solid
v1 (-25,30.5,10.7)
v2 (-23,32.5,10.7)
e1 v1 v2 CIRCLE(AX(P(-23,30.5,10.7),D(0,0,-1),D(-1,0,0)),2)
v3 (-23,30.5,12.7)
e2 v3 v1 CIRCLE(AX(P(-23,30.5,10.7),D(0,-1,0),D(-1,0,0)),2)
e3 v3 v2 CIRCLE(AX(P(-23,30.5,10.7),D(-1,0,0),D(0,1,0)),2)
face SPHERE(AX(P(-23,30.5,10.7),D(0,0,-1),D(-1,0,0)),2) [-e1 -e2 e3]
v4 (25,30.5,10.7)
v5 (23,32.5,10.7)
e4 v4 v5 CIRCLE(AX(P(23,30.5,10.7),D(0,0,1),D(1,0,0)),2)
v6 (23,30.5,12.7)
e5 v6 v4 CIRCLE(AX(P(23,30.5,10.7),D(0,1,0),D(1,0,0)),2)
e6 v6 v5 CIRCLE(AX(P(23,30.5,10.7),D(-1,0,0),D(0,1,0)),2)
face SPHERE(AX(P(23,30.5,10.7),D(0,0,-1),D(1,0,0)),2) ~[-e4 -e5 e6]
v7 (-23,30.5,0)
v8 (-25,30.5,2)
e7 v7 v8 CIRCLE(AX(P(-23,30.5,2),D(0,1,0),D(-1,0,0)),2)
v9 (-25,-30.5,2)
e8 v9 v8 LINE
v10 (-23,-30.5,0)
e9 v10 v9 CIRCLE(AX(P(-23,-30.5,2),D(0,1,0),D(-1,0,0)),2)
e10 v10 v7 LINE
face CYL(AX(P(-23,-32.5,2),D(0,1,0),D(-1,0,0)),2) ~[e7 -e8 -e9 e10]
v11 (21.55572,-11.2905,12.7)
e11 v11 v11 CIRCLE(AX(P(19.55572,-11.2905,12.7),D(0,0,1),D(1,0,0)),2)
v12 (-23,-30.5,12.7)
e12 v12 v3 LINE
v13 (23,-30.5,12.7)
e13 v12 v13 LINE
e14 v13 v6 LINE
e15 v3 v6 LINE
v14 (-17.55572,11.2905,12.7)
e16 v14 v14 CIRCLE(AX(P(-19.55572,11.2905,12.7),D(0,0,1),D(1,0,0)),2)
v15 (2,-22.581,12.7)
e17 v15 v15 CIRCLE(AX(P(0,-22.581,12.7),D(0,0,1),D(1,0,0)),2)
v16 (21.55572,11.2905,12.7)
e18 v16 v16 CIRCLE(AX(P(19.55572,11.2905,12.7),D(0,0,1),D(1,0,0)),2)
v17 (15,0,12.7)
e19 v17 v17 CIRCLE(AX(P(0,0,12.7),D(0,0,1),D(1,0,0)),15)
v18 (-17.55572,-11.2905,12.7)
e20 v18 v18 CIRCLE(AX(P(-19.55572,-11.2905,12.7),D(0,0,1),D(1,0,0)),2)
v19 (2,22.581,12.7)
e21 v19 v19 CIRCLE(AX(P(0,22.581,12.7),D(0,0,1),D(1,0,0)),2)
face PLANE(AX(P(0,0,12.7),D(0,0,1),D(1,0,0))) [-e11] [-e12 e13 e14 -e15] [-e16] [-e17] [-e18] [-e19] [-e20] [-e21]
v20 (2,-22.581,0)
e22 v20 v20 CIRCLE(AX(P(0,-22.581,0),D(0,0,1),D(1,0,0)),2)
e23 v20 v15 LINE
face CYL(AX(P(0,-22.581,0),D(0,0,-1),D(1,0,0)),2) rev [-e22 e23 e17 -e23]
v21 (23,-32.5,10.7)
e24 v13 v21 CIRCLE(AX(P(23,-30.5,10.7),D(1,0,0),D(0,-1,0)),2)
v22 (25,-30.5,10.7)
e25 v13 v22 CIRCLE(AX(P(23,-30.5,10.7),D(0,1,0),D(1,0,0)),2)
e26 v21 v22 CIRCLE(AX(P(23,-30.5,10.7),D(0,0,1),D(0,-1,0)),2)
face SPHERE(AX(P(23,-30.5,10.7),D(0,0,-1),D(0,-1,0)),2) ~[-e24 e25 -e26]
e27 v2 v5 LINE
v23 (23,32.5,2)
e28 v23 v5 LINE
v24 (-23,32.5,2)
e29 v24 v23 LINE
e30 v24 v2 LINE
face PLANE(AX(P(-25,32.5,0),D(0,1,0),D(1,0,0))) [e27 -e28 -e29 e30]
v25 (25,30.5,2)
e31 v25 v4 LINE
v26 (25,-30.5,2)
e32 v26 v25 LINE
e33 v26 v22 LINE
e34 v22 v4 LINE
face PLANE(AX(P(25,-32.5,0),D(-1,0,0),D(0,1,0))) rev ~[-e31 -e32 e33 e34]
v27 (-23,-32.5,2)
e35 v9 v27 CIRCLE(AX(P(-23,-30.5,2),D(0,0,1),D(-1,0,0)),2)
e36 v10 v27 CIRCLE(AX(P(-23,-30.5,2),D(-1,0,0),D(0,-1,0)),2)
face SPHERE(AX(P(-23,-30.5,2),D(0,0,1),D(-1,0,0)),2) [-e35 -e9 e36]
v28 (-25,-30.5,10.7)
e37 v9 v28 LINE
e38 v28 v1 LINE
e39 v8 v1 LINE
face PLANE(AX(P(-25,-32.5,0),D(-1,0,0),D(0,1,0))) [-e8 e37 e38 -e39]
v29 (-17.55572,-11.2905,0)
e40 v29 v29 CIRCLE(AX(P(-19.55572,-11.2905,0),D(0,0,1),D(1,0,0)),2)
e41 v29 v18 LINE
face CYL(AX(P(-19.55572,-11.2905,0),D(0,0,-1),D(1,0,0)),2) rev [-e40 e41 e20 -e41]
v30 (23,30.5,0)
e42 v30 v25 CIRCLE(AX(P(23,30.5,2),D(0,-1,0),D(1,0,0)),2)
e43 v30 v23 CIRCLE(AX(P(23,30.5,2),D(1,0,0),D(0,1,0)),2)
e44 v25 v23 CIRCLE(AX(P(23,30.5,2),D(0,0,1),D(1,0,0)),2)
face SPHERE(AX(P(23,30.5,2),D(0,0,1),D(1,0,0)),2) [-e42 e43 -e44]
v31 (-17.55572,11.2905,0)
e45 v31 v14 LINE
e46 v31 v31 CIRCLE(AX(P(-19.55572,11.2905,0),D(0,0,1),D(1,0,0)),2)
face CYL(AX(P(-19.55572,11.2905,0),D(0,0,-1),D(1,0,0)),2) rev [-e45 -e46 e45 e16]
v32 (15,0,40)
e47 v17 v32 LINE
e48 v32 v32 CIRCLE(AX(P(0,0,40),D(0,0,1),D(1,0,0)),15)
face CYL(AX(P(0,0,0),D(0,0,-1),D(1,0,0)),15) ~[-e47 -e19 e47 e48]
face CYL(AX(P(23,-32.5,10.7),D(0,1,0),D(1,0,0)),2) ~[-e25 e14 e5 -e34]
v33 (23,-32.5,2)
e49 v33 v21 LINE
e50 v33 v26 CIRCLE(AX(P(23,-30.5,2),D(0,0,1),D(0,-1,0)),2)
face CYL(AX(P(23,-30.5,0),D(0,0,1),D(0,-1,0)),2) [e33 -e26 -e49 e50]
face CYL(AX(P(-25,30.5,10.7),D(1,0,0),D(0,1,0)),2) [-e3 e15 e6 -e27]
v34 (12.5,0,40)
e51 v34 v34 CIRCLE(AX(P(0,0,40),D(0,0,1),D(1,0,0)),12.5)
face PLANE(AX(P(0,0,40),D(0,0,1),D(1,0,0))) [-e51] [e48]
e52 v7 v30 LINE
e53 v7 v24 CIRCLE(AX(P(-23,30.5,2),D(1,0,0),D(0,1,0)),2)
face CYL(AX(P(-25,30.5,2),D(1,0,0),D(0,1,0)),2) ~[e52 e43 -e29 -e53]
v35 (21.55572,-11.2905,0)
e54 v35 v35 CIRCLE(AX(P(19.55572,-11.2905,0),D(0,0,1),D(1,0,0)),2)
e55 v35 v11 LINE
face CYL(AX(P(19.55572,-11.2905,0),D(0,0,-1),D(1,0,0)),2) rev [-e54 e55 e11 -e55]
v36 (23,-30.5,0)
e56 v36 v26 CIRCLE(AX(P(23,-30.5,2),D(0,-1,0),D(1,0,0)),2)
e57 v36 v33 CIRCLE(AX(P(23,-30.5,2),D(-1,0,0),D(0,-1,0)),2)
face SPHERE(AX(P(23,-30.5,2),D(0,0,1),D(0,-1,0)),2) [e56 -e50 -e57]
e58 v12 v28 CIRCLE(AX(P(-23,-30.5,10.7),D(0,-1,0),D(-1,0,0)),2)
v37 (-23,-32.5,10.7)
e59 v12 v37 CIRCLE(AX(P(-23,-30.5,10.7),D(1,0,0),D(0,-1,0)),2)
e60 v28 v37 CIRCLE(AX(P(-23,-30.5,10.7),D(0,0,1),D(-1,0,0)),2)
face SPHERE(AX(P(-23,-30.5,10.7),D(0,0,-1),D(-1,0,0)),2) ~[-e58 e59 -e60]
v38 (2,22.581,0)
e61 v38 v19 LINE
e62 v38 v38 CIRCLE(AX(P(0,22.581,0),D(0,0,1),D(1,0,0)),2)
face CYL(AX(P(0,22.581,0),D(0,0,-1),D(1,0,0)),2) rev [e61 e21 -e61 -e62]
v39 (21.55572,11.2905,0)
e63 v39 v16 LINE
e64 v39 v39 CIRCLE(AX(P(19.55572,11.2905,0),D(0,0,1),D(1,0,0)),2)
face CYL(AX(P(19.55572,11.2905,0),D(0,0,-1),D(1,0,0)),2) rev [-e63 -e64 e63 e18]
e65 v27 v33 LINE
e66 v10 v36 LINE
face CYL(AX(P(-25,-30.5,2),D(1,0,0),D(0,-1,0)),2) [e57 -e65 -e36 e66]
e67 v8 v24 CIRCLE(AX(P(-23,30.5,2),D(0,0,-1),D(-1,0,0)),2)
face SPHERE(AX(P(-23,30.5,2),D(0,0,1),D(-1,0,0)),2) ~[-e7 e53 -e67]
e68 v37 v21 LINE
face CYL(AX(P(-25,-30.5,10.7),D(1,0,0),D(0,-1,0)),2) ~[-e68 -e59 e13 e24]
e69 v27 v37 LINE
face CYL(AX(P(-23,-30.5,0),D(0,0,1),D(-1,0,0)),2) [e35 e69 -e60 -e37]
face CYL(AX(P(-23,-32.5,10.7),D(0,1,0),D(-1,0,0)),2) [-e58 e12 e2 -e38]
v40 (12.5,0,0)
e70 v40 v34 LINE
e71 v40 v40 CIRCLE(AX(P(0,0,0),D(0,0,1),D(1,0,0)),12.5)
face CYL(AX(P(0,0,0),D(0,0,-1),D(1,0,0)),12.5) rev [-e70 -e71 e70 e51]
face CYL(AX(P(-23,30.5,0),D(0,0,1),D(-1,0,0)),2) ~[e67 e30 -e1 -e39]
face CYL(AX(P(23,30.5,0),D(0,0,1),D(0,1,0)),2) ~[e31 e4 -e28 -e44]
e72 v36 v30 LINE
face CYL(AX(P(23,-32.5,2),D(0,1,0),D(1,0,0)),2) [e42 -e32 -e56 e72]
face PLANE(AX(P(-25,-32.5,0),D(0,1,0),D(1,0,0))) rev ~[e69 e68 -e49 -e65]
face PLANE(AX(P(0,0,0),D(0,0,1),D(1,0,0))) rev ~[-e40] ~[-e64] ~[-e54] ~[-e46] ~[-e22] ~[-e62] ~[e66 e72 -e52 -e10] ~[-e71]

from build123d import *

# Parameters (mm, degrees)
F0_W     = 50
F0_H     = 65
F0_R     = 2
F0_R_2   = 15
F1_DEPTH = 12.7
F2_R     = 2
F0_R_3   = 12.5
F3_DEPTH = 40


with BuildPart() as f1:
    # F0 (on Top) → F1 (new body)
    with BuildSketch(Plane.XY):
        Rectangle(F0_W, F0_H)
        with Locations((-19.55572, -11.2905)):
            Circle(F0_R, mode=Mode.SUBTRACT)
        with Locations((0, -22.581)):
            Circle(F0_R, mode=Mode.SUBTRACT)
        with Locations((19.55572, -11.2905)):
            Circle(F0_R, mode=Mode.SUBTRACT)
        with Locations((-19.55572, 11.2905)):
            Circle(F0_R, mode=Mode.SUBTRACT)
        Circle(F0_R_2, mode=Mode.SUBTRACT)
        with Locations((19.55572, 11.2905)):
            Circle(F0_R, mode=Mode.SUBTRACT)
        with Locations((0, 22.581)):
            Circle(F0_R, mode=Mode.SUBTRACT)
    extrude(amount=F1_DEPTH)

    # F2
    f2_edges = [f1.edges().sort_by_distance(p)[0] for p in [
        (-25, 32.5, 6.35),
        (-25, -32.5, 6.35),
        (-25, 0, 0),
        (-25, 0, 12.7),
        (25, -32.5, 6.35),
        (0, -32.5, 0),
        (0, -32.5, 12.7),
        (25, 32.5, 6.35),
        (25, 0, 0),
        (25, 0, 12.7),
        (0, 32.5, 0),
        (0, 32.5, 12.7),
    ]]
    fillet(f2_edges, radius=F2_R)

    # F0 (on Top) → F3 (join)
    with BuildSketch(Plane.XY):
        Circle(F0_R_2)
        Circle(F0_R_3, mode=Mode.SUBTRACT)
    extrude(amount=F3_DEPTH)


solid = f1.part
